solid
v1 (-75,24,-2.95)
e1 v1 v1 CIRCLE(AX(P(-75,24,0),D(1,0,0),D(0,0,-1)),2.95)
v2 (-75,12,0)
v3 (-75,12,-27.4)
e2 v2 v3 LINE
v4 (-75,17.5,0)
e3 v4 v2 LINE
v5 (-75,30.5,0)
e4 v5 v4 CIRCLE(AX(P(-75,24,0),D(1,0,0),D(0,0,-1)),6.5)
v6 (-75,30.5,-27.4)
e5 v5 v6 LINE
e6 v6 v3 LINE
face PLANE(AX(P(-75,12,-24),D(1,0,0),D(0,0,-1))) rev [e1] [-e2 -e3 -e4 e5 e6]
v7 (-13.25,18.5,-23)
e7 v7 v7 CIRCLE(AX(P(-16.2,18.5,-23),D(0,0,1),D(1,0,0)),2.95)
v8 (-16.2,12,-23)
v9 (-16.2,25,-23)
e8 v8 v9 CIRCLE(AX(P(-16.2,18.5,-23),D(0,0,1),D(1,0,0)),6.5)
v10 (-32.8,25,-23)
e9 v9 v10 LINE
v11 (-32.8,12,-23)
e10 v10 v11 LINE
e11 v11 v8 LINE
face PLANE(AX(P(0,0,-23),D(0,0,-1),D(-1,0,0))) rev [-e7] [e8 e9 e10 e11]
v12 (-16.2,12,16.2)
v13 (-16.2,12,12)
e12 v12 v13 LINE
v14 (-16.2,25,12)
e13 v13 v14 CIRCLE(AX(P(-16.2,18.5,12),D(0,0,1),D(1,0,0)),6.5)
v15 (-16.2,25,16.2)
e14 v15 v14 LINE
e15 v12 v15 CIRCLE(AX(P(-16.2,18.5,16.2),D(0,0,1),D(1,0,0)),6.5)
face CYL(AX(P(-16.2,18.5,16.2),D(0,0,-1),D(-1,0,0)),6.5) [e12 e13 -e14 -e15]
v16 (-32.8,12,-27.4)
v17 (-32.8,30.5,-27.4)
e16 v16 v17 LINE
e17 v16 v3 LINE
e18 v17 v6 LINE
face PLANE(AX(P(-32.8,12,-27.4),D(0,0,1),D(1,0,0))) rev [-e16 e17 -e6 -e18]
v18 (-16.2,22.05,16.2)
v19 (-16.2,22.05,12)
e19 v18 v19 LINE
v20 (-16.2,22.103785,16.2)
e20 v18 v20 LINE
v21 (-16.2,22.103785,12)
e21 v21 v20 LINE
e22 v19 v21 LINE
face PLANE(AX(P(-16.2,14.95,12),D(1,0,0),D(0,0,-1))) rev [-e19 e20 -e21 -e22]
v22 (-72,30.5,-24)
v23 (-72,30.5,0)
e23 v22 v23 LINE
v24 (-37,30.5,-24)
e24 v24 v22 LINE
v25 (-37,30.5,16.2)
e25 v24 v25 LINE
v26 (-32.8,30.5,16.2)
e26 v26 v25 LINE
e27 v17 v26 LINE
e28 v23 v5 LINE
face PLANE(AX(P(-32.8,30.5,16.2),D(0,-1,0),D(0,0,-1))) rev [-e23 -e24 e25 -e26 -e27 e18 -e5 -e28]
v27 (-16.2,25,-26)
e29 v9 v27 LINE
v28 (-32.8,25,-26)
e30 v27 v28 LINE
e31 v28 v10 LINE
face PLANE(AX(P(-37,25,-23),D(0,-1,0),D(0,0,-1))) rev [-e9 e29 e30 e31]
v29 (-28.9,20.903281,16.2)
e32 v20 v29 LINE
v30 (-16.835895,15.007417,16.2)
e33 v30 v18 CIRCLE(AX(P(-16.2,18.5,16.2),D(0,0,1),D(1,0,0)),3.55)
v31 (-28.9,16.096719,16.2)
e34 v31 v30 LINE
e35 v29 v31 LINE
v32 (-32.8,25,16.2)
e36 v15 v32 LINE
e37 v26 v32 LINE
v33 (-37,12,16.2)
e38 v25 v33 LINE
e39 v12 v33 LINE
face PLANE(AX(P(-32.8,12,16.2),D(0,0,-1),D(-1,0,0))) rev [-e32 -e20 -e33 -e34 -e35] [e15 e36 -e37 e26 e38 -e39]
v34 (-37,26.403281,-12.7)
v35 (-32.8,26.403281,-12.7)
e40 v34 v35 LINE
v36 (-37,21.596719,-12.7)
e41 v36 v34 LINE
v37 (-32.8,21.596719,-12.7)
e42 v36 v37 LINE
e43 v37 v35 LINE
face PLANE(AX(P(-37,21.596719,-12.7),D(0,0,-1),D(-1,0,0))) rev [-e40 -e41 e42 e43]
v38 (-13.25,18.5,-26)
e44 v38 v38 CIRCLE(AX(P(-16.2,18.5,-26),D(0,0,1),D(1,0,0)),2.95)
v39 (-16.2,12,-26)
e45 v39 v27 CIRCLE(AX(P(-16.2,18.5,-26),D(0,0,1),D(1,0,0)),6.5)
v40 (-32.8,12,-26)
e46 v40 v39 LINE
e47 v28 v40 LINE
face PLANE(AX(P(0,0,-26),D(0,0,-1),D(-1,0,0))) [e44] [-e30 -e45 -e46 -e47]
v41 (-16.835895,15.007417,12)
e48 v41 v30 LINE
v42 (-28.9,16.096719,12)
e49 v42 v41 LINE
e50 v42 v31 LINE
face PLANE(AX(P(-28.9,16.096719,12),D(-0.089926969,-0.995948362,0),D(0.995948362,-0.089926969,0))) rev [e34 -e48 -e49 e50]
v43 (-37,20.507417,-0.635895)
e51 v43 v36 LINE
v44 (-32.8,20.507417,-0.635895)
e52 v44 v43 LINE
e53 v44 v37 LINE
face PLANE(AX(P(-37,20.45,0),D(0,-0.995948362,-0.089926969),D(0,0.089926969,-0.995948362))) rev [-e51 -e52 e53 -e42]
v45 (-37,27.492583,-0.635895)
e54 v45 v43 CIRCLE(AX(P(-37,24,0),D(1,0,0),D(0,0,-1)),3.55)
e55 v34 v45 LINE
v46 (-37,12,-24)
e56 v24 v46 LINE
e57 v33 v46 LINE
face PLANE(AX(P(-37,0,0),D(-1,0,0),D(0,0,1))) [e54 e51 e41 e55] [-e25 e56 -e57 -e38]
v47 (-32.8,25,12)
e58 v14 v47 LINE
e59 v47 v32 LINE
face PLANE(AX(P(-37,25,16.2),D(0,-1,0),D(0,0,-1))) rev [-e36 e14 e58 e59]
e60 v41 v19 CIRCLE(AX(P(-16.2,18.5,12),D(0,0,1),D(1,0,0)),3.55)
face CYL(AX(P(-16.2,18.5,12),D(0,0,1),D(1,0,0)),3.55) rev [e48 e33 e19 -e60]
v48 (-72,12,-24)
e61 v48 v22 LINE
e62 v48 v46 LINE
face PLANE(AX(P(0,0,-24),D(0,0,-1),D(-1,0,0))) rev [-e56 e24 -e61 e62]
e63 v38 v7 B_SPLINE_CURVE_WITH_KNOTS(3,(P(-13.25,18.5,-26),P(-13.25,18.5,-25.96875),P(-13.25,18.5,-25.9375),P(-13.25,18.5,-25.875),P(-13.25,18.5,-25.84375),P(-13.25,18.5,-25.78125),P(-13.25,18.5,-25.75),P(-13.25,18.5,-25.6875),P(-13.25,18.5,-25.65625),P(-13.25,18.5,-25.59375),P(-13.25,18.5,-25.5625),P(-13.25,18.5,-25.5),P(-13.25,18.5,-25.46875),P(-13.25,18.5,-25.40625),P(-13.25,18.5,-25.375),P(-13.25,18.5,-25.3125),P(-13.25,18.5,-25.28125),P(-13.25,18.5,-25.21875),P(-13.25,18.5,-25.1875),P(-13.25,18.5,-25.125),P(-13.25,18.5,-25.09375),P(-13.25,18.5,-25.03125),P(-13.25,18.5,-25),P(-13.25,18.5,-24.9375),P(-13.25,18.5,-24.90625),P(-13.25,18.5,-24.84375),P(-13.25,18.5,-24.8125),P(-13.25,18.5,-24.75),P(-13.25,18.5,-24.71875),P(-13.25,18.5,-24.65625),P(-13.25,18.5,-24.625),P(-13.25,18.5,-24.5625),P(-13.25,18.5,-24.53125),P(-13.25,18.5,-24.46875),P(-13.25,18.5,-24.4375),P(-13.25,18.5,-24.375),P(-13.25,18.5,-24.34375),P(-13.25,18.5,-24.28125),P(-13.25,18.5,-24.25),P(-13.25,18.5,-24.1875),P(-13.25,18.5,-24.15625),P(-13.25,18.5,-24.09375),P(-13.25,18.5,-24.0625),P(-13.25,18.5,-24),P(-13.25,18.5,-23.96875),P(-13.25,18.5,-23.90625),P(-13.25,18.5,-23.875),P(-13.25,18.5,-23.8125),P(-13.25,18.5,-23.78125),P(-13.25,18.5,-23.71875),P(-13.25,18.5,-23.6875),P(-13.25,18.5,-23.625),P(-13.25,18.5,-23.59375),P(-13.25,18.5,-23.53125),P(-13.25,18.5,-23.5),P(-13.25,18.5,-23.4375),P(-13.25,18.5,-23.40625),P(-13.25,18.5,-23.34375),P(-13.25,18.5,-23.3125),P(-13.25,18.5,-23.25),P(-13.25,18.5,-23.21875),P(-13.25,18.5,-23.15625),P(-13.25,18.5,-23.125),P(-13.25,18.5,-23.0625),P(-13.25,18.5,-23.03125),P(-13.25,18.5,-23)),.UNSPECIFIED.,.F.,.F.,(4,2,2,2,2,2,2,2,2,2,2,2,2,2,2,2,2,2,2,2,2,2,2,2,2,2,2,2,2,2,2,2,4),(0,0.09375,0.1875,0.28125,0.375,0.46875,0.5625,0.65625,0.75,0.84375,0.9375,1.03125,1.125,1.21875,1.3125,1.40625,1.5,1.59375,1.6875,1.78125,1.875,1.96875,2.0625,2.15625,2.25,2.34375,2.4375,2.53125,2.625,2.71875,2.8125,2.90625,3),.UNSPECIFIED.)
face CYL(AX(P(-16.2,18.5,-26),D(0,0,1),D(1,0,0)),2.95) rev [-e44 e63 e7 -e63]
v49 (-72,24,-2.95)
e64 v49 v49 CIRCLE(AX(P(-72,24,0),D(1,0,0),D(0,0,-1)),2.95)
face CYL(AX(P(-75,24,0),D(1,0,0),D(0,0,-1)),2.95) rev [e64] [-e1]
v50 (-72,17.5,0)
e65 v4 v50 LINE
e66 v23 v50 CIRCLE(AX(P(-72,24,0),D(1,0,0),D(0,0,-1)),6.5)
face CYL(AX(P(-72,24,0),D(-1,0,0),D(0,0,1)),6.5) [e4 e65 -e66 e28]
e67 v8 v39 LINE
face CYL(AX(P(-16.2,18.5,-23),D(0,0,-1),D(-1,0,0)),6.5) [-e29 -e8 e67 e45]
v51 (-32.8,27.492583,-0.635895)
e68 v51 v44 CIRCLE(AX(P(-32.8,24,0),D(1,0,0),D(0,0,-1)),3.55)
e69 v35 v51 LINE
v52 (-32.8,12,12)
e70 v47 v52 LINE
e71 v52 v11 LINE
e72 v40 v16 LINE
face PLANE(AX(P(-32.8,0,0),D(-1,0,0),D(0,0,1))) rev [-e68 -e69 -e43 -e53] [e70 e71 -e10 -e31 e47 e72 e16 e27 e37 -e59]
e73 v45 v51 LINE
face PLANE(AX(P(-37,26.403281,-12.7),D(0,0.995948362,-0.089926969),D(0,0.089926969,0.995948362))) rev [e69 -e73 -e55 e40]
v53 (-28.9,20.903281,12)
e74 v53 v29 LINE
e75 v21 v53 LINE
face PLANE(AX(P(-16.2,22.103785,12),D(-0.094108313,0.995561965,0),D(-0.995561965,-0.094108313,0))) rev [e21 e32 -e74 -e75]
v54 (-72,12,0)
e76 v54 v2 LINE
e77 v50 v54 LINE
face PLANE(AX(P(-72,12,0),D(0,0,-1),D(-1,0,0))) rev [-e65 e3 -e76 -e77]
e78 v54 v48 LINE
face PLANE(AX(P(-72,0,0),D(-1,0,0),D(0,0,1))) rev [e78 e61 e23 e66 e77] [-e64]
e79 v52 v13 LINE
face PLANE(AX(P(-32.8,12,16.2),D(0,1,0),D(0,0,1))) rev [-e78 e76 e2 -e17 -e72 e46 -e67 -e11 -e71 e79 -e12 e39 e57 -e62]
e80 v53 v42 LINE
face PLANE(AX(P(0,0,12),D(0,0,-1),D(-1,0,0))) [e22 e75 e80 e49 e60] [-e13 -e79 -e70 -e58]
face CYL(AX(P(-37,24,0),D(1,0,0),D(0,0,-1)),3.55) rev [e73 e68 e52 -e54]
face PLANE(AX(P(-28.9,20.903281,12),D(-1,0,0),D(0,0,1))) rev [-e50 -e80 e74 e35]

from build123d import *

# Parameters (mm, degrees)
BOSS_EXTRUDE1_START = -34.9
SKETCH1_W           = 43.6
SKETCH1_H           = 18.5
BOSS_EXTRUDE1_DEPTH = 2.1
CUT_EXTRUDE1_START  = -34.9
SKETCH2_R           = 3.55
CUT_EXTRUDE1_DEPTH  = 2.1
CUT_EXTRUDE2_START  = -34.9
CUT_EXTRUDE2_DEPTH  = 2.1
BOSS_EXTRUDE2_START = 14.1
SKETCH4_R           = 6.5
BOSS_EXTRUDE2_DEPTH = 2.1
BOSS_EXTRUDE3_START = 14.1
SKETCH5_W           = 20.8
SKETCH5_H           = 13
BOSS_EXTRUDE3_DEPTH = 2.1
CUT_EXTRUDE3_START  = 14.1
SKETCH6_R           = 3.55
CUT_EXTRUDE3_DEPTH  = 2.1
CUT_EXTRUDE4_START  = 14.1
CUT_EXTRUDE4_DEPTH  = 2.1
BOSS_EXTRUDE4_START = -24.5
SKETCH8_R           = 6.5
BOSS_EXTRUDE4_DEPTH = 1.5
BOSS_EXTRUDE5_START = -24.5
SKETCH9_W           = 20.8
SKETCH9_H           = 13
BOSS_EXTRUDE5_DEPTH = 1.5
CUT_EXTRUDE5_START  = -24.5
SKETCH10_R          = 2.95
CUT_EXTRUDE5_DEPTH  = 1.5
BOSS_EXTRUDE6_START = -25.7
SKETCH11_W          = 42.2
SKETCH11_H          = 18.5
BOSS_EXTRUDE6_DEPTH = 1.7
BOSS_EXTRUDE7_START = -73.5
SKETCH12_R          = 6.5
BOSS_EXTRUDE7_DEPTH = 1.5
BOSS_EXTRUDE8_START = -73.5
SKETCH13_W          = 27.4
SKETCH13_H          = 18.5
BOSS_EXTRUDE8_DEPTH = 1.5
CUT_EXTRUDE6_START  = -73.5
SKETCH14_R          = 2.95
CUT_EXTRUDE6_DEPTH  = 1.5


with BuildPart() as part:
    # Sketch1 → Boss-Extrude1 (new, symmetric)
    with BuildSketch(Plane(origin=(0, 0, 0), x_dir=(0, 0, -1), z_dir=(1, 0, 0)).offset(BOSS_EXTRUDE1_START)):
        with Locations((5.6, 21.25)):
            Rectangle(SKETCH1_W, SKETCH1_H)
    extrude(amount=BOSS_EXTRUDE1_DEPTH, both=True)

    # Sketch2 → Cut-Extrude1 (cut, symmetric)
    with BuildSketch(Plane(origin=(0, 0, 0), x_dir=(0, 0, -1), z_dir=(1, 0, 0)).offset(CUT_EXTRUDE1_START)):
        with Locations((0, 24)):
            Circle(SKETCH2_R)
    extrude(amount=CUT_EXTRUDE1_DEPTH, both=True, mode=Mode.SUBTRACT)

    # Sketch3 → Cut-Extrude2 (cut, symmetric)
    with BuildSketch(Plane(origin=(0, 0, 0), x_dir=(0, 0, -1), z_dir=(1, 0, 0)).offset(CUT_EXTRUDE2_START)):
        Polygon((0, 20.45), (12.7, 21.596718595), (12.7, 26.403281405), (0, 27.55), align=None)
    extrude(amount=CUT_EXTRUDE2_DEPTH, both=True, mode=Mode.SUBTRACT)



with BuildPart() as body_2:
    # Sketch4 → Boss-Extrude2 (new, symmetric)
    with BuildSketch(Plane.XY.offset(BOSS_EXTRUDE2_START)):
        with Locations((-16.2, 18.5)):
            Circle(SKETCH4_R)
    extrude(amount=BOSS_EXTRUDE2_DEPTH, both=True)


with BuildPart() as part_1:
    add(part.part)

    add(body_2.part)  # Boss-Extrude3 merges body 2
    # Sketch5 → Boss-Extrude3 (add, symmetric)
    with BuildSketch(Plane.XY.offset(BOSS_EXTRUDE3_START)):
        with Locations((-26.6, 18.5)):
            Rectangle(SKETCH5_W, SKETCH5_H)
    extrude(amount=BOSS_EXTRUDE3_DEPTH, both=True)

    # Sketch6 → Cut-Extrude3 (cut, symmetric)
    with BuildSketch(Plane.XY.offset(CUT_EXTRUDE3_START)):
        with Locations((-16.2, 18.5)):
            Circle(SKETCH6_R)
    extrude(amount=CUT_EXTRUDE3_DEPTH, both=True, mode=Mode.SUBTRACT)

    # Sketch7 → Cut-Extrude4 (cut, symmetric)
    with BuildSketch(Plane.XY.offset(CUT_EXTRUDE4_START)):
        Polygon((-16.2, 22.103784861), (-28.9, 20.903281405), (-28.9, 16.096718595), (-16.2, 14.95), align=None)
    extrude(amount=CUT_EXTRUDE4_DEPTH, both=True, mode=Mode.SUBTRACT)



with BuildPart() as body_2_2:
    # Sketch8 → Boss-Extrude4 (new, symmetric)
    with BuildSketch(Plane.XY.offset(BOSS_EXTRUDE4_START)):
        with Locations(Location((-16.2, 18.5, 0), (0, 0, 180))):
            Circle(SKETCH8_R)
    extrude(amount=BOSS_EXTRUDE4_DEPTH, both=True)


with BuildPart() as part_2:
    add(part_1.part)

    add(body_2_2.part)  # Boss-Extrude5 merges body 2 2
    # Sketch9 → Boss-Extrude5 (add, symmetric)
    with BuildSketch(Plane.XY.offset(BOSS_EXTRUDE5_START)):
        with Locations((-26.6, 18.5)):
            Rectangle(SKETCH9_W, SKETCH9_H)
    extrude(amount=BOSS_EXTRUDE5_DEPTH, both=True)

    # Sketch10 → Cut-Extrude5 (cut, symmetric)
    with BuildSketch(Plane.XY.offset(CUT_EXTRUDE5_START)):
        with Locations((-16.2, 18.5)):
            Circle(SKETCH10_R)
    extrude(amount=CUT_EXTRUDE5_DEPTH, both=True, mode=Mode.SUBTRACT)

    # Sketch11 → Boss-Extrude6 (add, symmetric)
    with BuildSketch(Plane.XY.offset(BOSS_EXTRUDE6_START)):
        with Locations((-53.9, 21.25)):
            Rectangle(SKETCH11_W, SKETCH11_H)
    extrude(amount=BOSS_EXTRUDE6_DEPTH, both=True)



with BuildPart() as body_2_3:
    # Sketch12 → Boss-Extrude7 (new, symmetric)
    with BuildSketch(Plane(origin=(0, 0, 0), x_dir=(0, 0, -1), z_dir=(1, 0, 0)).offset(BOSS_EXTRUDE7_START)):
        with Locations((0, 24)):
            Circle(SKETCH12_R)
    extrude(amount=BOSS_EXTRUDE7_DEPTH, both=True)


with BuildPart() as part_3:
    add(part_2.part)

    add(body_2_3.part)  # Boss-Extrude8 merges body 2 3
    # Sketch13 → Boss-Extrude8 (add, symmetric)
    with BuildSketch(Plane(origin=(0, 0, 0), x_dir=(0, 0, -1), z_dir=(1, 0, 0)).offset(BOSS_EXTRUDE8_START)):
        with Locations((13.7, 21.25)):
            Rectangle(SKETCH13_W, SKETCH13_H)
    extrude(amount=BOSS_EXTRUDE8_DEPTH, both=True)

    # Sketch14 → Cut-Extrude6 (cut, symmetric)
    with BuildSketch(Plane(origin=(0, 0, 0), x_dir=(0, 0, -1), z_dir=(1, 0, 0)).offset(CUT_EXTRUDE6_START)):
        with Locations((0, 24)):
            Circle(SKETCH14_R)
    extrude(amount=CUT_EXTRUDE6_DEPTH, both=True, mode=Mode.SUBTRACT)


solid = part_3.part
